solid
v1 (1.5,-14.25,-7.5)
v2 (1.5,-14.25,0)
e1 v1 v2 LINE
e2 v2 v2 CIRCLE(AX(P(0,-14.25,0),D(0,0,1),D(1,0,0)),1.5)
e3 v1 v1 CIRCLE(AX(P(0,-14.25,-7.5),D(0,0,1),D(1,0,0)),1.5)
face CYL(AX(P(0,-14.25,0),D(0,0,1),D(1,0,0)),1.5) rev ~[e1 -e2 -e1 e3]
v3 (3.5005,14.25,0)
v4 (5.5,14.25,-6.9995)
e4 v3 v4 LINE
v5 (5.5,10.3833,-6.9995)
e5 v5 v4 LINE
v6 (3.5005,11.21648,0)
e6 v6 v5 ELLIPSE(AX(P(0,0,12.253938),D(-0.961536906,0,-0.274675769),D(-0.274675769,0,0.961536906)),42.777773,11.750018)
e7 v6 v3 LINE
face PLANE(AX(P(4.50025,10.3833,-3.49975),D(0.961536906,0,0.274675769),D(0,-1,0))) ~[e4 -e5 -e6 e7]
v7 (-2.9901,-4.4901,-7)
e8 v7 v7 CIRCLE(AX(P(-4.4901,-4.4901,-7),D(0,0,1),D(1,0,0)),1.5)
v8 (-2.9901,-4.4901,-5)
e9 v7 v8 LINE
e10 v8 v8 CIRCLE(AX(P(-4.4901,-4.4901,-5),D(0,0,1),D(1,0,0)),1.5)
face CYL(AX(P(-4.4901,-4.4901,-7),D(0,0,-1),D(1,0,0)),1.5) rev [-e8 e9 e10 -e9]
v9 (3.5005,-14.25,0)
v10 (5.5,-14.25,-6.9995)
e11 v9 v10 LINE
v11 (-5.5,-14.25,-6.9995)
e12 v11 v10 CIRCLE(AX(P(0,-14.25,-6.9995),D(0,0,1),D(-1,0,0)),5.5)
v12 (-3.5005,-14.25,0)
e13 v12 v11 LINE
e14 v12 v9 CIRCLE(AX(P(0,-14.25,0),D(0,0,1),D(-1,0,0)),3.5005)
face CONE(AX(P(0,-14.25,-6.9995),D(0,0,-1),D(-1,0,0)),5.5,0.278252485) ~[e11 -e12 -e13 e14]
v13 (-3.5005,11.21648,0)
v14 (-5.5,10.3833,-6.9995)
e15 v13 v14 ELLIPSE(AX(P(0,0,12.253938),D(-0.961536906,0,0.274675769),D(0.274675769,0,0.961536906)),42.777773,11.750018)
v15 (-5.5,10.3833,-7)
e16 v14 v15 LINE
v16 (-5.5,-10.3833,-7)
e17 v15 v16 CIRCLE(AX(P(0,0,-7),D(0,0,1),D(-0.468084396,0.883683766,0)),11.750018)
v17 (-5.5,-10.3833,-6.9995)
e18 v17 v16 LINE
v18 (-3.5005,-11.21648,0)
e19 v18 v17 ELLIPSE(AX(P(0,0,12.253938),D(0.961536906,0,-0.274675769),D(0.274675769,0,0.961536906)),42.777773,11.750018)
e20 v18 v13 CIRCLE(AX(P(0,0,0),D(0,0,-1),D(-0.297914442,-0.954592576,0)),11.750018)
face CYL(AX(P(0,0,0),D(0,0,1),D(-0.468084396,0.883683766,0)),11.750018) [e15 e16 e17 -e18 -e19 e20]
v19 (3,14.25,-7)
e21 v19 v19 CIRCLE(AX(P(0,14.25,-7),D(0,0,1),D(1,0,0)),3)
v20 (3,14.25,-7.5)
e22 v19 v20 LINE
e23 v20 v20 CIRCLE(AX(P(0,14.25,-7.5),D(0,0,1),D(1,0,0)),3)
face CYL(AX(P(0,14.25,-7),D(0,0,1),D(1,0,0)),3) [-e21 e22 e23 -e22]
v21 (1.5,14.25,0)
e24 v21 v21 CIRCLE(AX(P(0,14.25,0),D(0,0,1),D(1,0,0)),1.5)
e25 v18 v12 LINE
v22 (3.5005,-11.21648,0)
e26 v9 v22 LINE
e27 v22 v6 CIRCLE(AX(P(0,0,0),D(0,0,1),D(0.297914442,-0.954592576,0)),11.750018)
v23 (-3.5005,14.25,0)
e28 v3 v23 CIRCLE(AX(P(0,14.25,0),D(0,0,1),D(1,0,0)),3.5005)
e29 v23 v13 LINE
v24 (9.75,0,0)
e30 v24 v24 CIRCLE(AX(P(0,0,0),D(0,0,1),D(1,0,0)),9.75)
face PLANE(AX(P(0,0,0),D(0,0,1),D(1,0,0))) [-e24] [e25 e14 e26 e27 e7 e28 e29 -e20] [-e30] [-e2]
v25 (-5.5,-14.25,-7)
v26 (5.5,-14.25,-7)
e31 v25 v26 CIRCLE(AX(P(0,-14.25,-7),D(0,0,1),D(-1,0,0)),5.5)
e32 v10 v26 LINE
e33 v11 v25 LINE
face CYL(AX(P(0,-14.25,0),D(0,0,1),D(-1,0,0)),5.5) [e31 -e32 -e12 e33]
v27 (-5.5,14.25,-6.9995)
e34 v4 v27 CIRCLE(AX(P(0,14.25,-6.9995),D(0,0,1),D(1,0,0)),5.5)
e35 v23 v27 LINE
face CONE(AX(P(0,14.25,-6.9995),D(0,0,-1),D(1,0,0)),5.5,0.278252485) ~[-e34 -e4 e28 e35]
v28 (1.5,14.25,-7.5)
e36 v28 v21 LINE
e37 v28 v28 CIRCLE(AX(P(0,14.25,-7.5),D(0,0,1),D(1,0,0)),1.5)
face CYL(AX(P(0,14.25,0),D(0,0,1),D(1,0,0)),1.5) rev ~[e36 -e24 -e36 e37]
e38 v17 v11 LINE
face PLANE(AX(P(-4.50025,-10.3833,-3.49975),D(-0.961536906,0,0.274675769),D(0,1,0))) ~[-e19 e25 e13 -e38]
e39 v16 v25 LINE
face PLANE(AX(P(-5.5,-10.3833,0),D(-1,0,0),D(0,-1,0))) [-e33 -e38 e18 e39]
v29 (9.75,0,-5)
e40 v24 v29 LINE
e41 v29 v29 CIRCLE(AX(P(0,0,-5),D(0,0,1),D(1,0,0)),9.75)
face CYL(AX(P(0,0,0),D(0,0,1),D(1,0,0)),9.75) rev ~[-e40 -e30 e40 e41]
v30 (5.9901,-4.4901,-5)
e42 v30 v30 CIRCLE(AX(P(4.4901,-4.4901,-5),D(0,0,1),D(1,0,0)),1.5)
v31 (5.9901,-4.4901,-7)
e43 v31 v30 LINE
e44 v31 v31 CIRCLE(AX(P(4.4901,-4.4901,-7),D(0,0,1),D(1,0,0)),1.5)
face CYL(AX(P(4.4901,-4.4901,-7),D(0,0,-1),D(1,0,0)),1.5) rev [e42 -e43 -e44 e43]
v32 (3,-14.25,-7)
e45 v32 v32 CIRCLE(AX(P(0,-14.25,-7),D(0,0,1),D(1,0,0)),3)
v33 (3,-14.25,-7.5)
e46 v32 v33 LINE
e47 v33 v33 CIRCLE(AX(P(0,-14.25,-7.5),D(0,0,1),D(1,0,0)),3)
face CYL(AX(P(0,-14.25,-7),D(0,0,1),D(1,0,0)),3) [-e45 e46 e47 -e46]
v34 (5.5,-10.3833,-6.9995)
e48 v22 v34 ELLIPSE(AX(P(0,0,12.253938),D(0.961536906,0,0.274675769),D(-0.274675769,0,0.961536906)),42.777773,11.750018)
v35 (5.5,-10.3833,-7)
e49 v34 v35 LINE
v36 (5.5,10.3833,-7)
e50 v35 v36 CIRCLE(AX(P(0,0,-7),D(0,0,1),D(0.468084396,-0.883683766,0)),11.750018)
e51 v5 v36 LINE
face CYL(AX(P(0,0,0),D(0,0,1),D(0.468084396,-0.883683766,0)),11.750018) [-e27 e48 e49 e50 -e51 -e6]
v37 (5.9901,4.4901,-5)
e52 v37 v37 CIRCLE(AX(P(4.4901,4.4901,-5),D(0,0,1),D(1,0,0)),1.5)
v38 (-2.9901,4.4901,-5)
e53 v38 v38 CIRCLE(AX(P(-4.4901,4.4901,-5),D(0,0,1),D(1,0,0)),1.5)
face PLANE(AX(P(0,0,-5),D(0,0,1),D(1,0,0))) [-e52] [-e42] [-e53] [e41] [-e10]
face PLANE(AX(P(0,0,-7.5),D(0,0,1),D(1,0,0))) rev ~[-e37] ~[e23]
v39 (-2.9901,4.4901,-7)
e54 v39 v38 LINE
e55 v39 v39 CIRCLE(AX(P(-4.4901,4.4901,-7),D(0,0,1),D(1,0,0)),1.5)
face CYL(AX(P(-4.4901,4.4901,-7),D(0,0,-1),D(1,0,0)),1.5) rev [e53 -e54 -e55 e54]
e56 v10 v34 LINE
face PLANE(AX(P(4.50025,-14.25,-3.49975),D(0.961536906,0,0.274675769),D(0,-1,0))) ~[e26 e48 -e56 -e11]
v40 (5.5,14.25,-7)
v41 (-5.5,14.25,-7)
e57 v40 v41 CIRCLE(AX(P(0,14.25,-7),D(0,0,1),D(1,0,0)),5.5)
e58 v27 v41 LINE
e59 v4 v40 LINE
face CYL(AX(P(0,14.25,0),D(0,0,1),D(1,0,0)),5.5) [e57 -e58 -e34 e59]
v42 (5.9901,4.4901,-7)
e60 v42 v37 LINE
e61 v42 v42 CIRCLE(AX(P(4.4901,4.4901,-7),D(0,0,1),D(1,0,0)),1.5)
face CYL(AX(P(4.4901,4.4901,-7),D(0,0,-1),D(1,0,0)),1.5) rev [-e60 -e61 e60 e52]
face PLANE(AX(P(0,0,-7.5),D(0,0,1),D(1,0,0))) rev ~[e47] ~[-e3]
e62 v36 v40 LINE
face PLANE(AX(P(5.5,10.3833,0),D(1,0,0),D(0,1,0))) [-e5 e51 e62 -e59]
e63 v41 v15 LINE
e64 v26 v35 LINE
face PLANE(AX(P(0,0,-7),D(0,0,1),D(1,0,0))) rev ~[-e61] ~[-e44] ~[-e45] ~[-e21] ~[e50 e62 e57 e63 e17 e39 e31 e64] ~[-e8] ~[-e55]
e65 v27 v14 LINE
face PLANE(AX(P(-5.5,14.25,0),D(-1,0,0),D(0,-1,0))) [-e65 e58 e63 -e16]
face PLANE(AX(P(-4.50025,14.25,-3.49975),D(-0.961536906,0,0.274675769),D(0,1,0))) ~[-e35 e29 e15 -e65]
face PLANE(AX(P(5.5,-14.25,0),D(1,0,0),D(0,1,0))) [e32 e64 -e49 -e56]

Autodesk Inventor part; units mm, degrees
ref_plane "YZ Plane" through (0, 0, 0) normal (1, 0, 0) x (0, 1, 0)
ref_plane "XZ Plane" through (0, 0, 0) normal (0, 1, 0) x (-1, 0, 0)
ref_plane "XY Plane" through (0, 0, 0) normal (0, 0, 1) x (1, 0, 0)
sketch "Skizze1" plane through (0, 0, 0) normal (0, 0, 1) x (1, 0, 0)
  line L0 (0, -14.25) -> (0, 14.25) construction
  arc A0 (-5.5, -14.25) -> (5.5, -14.25) centre (0, -14.25) ccw
  arc A1 (5.5, 14.25) -> (-5.5, 14.25) centre (0, 14.25) ccw
  line L1 (0, 28.35) -> (0, -28.35) construction
  line L2 (-16.45, 0) -> (16.45, 0) construction
  circle A2 centre (0, 14.25) radius 1.5
  circle A3 centre (0, -14.25) radius 1.5
  circle A4 centre (0, 14.25) radius 6 construction
  circle A5 centre (0, -14.25) radius 6 construction
  line L3 (0, 20.25) -> (0, -20.25) construction
  circle A6 centre (0, 14.25) radius 3
  circle A7 centre (0, -14.25) radius 3
  circle A8 centre (0, 0) radius 9.75
  line L4 (-5.5, 14.25) -> (-5.5, 10.3833)
  line L5 (-5.5, -10.3833) -> (-5.5, -14.25)
  line L6 (5.5, -14.25) -> (5.5, -10.3833)
  line L7 (5.5, 10.3833) -> (5.5, 14.25)
  arc A9 (5.5, -10.3833) -> (5.5, 10.3833) centre (0, 0) ccw
  arc A10 (-5.5, 10.3833) -> (-5.5, -10.3833) centre (0, 0) ccw
  circle A11 centre (0, 0) radius 6.35 construction
  circle A12 centre (-4.4901, 4.4901) radius 1.5
  circle A13 centre (-4.4901, -4.4901) radius 1.5
  circle A14 centre (4.4901, -4.4901) radius 1.5
  circle A15 centre (4.4901, 4.4901) radius 1.5
  line L8 (-4.4901, 4.4901) -> (0, 0) construction
  dimension "d4" = 12
  dimension "d31" = 12.7
  dimension "d1" = 3
  dimension "d2" = 4
  dimension "d5" = 40.5
  dimension "d19" = 1.5
  dimension "d26" = 19.5
  dimension "d28" = 2
  dimension "d32" = 3
  dimension "d35" = 360
  dimension "d37" = 45
extrude "Extrusion1" add sketch "Skizze1" against normal blind 7 contours L5 A10 L4 A1 L7 A9 L6 A0 | A6 | A7
chamfer "Fase2" distance 2 distance2 7 6 edges at (5.5, -12.3166, 0) (0, -19.75, 0) (-5.5, -12.3166, 0) (0, 19.75, 0) (5.5, 12.3166, 0) (-5.5, 12.3166, 0) measured on face at (4.1094, 12.7287, 0)
extrude "Extrusion4" add sketch "Skizze1" against normal blind 0.5 from surface at -7 contours A6 | A7
extrude "Extrusion6" add sketch "Skizze1" along normal blind 2 from surface at -7 contours A8
properties part number "HarmonicDrive-WaveGenerator-Bottom"
